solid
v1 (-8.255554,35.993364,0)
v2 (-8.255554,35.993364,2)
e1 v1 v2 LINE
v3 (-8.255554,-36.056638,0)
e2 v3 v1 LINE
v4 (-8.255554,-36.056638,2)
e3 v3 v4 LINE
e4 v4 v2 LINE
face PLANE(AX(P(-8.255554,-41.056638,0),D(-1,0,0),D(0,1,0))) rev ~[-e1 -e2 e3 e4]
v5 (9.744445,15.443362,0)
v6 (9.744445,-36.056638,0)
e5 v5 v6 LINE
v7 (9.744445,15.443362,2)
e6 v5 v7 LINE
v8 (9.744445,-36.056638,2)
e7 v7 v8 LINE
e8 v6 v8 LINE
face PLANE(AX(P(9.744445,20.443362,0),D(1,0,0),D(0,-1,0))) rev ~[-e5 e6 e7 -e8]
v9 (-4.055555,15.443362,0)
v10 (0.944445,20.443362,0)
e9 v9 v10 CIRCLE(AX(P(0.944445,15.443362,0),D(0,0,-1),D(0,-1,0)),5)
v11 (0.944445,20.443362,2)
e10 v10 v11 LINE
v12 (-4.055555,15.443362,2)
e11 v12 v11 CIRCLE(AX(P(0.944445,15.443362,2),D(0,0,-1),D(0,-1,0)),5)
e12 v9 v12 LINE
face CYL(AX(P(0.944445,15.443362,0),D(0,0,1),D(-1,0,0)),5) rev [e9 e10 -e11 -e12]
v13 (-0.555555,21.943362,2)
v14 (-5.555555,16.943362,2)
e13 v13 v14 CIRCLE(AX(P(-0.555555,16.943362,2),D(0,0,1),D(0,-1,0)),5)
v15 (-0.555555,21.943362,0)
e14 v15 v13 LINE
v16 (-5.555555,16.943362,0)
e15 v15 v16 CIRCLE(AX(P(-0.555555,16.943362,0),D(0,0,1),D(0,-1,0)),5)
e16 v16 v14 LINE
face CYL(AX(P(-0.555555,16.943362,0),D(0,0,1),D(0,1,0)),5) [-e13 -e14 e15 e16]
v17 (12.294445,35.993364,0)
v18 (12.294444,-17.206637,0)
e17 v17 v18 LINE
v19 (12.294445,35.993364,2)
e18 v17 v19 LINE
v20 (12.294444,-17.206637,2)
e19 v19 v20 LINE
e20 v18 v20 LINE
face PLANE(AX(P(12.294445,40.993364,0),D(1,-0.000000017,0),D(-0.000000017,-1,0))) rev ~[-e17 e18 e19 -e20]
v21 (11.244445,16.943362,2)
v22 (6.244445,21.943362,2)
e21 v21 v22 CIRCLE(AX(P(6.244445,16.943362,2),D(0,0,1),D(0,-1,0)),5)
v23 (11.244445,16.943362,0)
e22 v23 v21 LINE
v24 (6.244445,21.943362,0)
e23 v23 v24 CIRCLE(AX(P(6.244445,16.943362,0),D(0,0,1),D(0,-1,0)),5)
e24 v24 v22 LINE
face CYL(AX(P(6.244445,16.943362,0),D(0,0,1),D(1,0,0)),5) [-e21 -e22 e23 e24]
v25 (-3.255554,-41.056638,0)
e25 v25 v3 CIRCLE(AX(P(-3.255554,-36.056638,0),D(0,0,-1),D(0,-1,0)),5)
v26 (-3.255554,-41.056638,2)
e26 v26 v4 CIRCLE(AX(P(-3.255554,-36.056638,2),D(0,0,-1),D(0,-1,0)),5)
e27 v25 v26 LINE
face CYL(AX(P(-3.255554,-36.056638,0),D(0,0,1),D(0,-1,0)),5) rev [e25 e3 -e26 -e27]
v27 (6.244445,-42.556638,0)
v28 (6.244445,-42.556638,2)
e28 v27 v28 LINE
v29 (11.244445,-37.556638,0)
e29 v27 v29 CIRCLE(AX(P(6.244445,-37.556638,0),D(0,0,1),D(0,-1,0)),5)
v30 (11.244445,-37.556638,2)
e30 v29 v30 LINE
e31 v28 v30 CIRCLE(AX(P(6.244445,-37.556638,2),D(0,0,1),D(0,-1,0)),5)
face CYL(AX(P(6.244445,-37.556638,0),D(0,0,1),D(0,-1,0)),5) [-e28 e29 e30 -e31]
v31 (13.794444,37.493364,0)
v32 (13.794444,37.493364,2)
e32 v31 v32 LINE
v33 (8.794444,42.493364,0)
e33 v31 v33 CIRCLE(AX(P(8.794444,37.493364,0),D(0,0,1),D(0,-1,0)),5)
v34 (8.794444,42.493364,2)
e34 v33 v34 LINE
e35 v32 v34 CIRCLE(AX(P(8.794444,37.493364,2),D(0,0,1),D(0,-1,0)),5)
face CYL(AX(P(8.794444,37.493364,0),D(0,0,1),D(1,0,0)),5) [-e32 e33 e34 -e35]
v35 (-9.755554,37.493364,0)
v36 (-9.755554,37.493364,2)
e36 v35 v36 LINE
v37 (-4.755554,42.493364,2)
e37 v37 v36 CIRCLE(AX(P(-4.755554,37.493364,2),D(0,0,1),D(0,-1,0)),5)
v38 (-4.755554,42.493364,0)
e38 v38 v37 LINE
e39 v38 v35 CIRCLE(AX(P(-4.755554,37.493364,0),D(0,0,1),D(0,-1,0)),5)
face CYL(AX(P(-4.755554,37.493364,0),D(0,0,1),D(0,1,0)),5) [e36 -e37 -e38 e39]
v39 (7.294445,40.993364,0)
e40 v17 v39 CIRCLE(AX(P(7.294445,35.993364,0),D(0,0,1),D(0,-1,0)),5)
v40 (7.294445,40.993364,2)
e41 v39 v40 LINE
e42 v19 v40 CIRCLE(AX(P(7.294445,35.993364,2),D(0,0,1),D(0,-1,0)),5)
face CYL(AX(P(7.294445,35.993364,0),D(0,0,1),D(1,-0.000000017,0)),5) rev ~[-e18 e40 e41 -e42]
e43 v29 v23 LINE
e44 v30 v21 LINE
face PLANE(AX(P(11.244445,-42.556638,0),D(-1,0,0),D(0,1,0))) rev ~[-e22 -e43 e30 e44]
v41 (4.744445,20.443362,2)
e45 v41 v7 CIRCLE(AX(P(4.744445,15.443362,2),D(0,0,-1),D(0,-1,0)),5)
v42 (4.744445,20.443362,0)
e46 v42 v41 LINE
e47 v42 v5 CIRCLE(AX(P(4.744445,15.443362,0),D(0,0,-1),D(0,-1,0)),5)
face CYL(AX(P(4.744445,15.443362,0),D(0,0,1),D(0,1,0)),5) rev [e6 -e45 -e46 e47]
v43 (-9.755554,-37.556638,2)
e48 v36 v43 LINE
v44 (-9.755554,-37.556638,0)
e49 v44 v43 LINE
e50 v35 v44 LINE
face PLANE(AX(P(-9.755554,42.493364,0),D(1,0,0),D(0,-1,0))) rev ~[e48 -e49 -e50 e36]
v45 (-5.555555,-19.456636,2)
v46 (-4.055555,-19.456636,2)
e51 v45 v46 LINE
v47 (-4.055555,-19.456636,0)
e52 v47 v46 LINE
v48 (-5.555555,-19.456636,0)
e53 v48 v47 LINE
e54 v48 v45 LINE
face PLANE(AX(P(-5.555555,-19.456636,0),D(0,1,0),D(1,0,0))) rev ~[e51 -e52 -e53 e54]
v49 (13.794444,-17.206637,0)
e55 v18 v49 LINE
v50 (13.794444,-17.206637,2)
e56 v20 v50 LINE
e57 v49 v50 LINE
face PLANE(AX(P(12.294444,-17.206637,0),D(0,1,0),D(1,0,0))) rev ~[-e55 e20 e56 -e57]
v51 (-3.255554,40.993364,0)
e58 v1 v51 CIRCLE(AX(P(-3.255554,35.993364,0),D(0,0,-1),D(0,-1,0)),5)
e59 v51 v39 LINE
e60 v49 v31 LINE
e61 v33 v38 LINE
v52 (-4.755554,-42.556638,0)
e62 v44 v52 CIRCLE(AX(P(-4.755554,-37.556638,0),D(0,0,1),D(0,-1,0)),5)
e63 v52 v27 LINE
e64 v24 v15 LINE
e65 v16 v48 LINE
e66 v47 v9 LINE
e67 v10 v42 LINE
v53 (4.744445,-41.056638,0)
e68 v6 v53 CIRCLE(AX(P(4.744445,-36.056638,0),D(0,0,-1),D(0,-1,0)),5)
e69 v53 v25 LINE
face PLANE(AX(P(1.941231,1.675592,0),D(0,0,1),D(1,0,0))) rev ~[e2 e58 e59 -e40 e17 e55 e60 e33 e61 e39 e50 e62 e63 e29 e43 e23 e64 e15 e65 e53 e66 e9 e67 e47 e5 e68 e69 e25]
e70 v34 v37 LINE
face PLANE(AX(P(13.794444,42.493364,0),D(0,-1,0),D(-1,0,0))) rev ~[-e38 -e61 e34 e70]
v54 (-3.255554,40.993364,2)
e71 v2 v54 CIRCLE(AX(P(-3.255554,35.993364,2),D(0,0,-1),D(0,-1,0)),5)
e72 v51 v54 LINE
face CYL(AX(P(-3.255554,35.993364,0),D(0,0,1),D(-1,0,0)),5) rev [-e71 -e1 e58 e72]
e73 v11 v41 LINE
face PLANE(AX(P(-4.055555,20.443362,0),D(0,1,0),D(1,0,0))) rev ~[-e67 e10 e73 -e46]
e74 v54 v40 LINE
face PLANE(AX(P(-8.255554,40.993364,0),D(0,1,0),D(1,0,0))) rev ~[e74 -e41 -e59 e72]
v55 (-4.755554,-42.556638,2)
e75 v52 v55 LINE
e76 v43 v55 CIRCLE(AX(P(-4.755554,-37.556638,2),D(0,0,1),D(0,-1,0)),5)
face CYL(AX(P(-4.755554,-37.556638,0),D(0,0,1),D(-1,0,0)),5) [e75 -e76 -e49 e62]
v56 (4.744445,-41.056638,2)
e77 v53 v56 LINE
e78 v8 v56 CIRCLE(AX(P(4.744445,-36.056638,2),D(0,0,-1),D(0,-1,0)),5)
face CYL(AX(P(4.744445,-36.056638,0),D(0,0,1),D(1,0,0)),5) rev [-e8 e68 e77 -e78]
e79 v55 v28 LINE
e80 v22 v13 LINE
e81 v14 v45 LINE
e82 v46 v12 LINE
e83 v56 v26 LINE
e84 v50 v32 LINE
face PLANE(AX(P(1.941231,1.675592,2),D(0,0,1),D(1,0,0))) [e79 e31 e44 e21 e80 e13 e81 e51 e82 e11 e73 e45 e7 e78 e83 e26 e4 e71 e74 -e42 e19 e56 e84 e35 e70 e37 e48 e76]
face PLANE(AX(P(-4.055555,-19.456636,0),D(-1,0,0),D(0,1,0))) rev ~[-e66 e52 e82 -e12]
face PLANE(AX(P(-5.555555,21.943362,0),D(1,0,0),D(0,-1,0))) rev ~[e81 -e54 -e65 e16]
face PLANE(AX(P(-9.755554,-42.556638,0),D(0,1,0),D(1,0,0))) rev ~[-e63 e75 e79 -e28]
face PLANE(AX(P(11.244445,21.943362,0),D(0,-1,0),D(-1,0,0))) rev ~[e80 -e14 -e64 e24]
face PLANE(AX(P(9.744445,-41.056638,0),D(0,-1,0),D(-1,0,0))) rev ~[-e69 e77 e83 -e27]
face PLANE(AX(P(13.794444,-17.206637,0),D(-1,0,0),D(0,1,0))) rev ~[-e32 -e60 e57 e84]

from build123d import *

# Parameters (mm, degrees)
F1_DEPTH = 2
F2_R     = 5


with BuildPart() as f1:
    # F0 (on Top) → F1 (new body)
    with BuildSketch(Plane.XY):
        Polygon((12.294445, 40.993364), (12.294444, -17.206637), (13.794444, -17.206637), (13.794444, 42.493364), (-9.755554, 42.493364), (-9.755554, -42.556638), (11.244445, -42.556638), (11.244445, 21.943362), (-5.555555, 21.943362), (-5.555555, -19.456636), (-4.055555, -19.456636), (-4.055555, 20.443362), (9.744445, 20.443362), (9.744445, -41.056638), (-8.255554, -41.056638), (-8.255554, 40.993364), align=None)
    extrude(amount=F1_DEPTH)

    # F2
    f2_edges = [f1.edges().sort_by_distance(p)[0] for p in [
        (-9.755554, 42.493364, 1),
        (-8.255554, 40.993364, 1),
        (12.294445, 40.993364, 1),
        (13.794444, 42.493364, 1),
        (-9.755554, -42.556638, 1),
        (-8.255554, -41.056638, 1),
        (9.744445, -41.056638, 1),
        (11.244445, -42.556638, 1),
        (-5.555555, 21.943362, 1),
        (11.244445, 21.943362, 1),
        (9.744445, 20.443362, 1),
        (-4.055555, 20.443362, 1),
    ]]
    fillet(f2_edges, radius=F2_R)


solid = f1.part
